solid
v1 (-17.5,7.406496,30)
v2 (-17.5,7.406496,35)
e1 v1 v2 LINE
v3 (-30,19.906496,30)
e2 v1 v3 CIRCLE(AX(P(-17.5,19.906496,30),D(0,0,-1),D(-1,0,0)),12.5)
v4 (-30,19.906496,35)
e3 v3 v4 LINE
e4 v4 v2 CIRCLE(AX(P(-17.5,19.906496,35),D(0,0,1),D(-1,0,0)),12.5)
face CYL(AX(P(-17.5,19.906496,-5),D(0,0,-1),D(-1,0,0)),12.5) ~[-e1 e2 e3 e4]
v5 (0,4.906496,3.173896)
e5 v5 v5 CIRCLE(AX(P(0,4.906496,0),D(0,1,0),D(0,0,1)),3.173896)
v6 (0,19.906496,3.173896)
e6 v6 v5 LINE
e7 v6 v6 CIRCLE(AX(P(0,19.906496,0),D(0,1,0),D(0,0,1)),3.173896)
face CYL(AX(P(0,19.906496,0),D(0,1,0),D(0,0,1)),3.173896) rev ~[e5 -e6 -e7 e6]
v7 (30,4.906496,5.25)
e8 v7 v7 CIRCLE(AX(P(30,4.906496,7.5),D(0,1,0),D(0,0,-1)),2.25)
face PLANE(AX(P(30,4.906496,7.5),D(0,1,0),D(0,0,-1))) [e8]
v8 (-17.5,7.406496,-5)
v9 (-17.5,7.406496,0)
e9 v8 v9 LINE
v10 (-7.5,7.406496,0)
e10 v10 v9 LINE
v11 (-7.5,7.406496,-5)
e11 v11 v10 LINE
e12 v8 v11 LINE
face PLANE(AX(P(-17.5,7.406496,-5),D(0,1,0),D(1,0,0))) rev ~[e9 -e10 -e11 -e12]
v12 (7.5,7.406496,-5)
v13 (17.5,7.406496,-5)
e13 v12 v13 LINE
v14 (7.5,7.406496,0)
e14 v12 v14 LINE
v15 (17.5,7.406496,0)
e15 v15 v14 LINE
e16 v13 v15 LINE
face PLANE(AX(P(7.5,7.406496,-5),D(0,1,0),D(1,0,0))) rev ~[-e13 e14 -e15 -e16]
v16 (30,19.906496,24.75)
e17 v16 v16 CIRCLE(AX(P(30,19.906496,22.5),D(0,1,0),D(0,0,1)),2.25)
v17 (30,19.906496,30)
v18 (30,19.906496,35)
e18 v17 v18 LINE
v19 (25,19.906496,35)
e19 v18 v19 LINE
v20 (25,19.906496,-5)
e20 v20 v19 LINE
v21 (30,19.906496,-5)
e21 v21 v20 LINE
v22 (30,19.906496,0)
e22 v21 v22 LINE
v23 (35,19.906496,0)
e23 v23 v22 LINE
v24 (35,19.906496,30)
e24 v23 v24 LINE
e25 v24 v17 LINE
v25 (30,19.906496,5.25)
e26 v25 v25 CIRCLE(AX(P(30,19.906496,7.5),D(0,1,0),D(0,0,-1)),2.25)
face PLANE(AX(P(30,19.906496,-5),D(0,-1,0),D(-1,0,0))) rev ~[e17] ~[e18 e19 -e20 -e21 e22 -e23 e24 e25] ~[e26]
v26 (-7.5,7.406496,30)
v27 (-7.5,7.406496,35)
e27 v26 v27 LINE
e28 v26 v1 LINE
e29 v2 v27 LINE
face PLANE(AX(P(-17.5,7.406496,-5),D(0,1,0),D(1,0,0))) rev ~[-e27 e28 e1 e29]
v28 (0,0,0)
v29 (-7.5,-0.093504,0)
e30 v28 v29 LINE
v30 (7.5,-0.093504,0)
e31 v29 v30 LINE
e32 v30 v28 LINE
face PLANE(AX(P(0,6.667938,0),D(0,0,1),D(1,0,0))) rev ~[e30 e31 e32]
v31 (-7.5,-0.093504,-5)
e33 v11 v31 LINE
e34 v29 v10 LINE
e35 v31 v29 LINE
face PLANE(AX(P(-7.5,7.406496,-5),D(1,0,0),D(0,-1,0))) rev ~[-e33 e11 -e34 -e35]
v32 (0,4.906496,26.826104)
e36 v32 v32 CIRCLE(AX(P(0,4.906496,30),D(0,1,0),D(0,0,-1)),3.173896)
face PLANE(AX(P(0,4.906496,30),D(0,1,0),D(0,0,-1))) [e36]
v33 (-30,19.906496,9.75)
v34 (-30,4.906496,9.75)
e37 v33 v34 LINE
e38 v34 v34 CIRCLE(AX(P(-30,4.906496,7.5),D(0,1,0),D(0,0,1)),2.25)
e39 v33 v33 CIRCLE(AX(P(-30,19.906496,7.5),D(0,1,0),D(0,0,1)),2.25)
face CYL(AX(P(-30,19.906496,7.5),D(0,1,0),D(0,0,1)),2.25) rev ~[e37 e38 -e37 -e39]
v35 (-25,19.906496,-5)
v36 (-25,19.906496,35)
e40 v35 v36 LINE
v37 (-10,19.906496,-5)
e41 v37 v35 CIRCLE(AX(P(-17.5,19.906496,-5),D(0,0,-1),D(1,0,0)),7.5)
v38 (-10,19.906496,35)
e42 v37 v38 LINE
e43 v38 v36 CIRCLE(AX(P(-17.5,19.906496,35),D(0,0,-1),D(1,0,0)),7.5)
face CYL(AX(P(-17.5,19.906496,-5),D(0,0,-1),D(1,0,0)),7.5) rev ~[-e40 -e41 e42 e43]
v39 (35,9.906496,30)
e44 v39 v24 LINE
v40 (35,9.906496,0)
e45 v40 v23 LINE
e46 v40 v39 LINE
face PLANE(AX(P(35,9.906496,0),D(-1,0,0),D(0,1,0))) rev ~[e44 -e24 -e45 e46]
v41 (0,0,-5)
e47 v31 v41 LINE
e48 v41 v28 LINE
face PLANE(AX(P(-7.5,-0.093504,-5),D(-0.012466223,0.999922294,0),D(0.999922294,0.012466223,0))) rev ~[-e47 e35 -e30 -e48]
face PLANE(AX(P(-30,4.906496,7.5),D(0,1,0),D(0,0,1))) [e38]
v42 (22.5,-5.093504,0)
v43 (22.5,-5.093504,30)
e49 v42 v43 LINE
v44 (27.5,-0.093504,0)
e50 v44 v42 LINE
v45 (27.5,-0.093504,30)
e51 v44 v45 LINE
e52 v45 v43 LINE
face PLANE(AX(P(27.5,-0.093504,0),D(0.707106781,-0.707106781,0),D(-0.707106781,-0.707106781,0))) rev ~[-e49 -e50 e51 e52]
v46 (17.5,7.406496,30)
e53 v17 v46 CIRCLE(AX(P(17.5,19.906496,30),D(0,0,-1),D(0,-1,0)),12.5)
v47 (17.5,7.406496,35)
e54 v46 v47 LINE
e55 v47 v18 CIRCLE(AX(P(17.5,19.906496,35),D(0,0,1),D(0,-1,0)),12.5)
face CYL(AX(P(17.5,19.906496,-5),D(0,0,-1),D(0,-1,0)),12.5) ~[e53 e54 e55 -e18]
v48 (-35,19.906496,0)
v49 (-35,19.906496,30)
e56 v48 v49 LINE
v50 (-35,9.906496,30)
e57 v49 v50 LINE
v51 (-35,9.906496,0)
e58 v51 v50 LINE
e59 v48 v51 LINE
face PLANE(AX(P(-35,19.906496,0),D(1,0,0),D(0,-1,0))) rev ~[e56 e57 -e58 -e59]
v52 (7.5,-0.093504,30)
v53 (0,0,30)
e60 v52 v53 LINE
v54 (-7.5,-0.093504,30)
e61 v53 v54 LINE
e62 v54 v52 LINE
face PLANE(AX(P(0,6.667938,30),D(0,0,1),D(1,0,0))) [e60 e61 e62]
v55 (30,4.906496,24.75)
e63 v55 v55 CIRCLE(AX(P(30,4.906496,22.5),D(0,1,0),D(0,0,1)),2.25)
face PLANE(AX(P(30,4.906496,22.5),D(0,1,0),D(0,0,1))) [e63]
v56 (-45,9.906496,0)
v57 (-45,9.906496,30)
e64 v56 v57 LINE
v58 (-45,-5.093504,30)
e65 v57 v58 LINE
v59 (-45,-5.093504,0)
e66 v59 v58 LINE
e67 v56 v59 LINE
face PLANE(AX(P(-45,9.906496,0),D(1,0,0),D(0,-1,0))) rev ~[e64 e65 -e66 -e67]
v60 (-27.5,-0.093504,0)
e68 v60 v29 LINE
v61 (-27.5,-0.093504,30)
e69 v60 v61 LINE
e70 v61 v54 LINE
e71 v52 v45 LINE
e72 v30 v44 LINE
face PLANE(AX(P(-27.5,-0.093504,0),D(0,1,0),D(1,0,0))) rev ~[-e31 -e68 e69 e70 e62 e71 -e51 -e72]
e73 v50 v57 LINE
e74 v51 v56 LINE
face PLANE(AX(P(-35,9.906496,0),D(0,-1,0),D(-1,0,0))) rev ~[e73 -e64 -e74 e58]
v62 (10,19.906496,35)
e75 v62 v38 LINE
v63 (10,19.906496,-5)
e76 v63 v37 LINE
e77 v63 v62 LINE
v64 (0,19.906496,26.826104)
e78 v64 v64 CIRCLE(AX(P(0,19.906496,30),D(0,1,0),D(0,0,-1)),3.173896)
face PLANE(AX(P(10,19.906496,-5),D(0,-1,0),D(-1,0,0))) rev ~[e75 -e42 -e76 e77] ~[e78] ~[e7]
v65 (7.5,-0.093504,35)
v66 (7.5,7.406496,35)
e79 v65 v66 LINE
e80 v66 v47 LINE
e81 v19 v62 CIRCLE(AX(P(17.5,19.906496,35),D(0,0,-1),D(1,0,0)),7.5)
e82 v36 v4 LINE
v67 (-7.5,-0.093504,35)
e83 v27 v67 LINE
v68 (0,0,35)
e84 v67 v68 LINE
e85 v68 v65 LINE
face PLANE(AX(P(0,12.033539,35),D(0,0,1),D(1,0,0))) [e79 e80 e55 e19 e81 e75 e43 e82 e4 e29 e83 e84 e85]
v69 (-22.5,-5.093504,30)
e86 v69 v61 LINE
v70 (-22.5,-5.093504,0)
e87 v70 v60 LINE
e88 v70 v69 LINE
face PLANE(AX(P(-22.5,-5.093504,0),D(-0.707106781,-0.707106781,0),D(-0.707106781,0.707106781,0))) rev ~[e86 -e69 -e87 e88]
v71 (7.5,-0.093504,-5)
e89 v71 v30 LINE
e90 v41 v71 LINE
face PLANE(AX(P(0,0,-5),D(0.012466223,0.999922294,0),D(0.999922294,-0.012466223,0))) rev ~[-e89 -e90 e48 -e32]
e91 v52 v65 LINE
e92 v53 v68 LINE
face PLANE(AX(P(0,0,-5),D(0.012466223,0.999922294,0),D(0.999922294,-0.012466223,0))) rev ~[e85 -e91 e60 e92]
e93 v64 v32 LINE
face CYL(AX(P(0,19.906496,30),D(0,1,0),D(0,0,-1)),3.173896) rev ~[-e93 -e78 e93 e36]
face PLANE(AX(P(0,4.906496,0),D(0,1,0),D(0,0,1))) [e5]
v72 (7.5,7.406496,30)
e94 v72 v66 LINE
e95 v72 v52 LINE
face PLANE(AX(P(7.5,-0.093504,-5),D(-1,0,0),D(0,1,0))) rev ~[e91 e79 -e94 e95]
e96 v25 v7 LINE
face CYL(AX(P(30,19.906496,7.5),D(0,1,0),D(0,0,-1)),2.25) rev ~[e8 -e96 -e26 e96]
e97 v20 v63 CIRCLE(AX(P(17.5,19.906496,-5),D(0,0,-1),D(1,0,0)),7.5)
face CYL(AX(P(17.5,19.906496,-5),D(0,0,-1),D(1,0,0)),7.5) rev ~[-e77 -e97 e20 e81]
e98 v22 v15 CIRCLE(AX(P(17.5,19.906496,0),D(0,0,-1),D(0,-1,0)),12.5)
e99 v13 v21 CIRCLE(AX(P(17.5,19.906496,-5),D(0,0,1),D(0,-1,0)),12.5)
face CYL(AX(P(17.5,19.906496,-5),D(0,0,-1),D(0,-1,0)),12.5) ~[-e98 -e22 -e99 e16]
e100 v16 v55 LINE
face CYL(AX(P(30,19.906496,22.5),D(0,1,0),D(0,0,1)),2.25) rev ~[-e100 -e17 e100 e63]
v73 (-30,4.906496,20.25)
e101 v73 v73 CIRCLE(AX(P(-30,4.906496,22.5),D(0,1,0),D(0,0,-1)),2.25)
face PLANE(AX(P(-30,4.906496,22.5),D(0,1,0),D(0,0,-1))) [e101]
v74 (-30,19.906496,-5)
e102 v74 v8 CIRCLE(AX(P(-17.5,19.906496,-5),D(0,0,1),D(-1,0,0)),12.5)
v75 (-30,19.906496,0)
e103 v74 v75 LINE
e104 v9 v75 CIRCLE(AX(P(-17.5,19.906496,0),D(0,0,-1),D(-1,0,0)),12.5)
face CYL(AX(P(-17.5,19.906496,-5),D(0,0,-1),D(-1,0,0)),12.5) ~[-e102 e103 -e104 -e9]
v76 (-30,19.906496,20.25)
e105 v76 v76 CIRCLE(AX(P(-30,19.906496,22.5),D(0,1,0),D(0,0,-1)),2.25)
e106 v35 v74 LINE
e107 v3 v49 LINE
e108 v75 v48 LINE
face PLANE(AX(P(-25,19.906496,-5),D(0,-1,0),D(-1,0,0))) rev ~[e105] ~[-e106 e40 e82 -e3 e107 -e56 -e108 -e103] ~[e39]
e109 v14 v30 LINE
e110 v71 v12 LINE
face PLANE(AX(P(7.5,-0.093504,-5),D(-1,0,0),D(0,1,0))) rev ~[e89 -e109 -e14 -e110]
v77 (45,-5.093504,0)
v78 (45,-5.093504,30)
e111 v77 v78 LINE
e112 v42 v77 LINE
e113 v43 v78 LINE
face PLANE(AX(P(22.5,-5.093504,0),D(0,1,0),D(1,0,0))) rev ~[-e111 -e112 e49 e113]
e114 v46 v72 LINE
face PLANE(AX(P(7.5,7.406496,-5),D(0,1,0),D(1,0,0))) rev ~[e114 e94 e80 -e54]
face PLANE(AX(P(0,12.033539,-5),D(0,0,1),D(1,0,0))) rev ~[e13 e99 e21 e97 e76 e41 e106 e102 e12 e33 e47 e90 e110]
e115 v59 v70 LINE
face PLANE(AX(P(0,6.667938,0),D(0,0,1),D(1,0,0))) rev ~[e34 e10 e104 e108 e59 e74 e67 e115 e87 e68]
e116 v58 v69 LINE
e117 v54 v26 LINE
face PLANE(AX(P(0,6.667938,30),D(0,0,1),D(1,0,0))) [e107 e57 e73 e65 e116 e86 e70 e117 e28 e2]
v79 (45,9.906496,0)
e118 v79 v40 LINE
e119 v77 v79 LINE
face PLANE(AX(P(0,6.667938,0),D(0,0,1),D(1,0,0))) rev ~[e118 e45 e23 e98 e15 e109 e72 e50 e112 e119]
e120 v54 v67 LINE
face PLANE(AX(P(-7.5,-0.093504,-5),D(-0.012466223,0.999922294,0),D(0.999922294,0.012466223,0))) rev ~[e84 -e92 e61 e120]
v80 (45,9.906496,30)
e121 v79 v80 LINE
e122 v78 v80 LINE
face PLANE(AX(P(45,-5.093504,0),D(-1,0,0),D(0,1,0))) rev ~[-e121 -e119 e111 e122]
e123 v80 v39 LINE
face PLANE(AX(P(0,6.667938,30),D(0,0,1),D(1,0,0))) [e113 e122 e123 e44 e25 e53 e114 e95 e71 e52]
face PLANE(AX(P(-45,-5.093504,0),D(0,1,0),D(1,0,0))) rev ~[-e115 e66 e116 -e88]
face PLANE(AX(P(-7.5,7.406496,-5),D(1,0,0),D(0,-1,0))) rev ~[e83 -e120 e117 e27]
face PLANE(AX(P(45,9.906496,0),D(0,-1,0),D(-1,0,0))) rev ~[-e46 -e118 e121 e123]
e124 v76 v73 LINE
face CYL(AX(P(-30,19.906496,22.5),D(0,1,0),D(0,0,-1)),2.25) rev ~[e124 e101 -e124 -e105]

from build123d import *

# Parameters (mm, degrees)
BOSS_EXTRUDE1_DEPTH      = 30
BOSS_EXTRUDE2_DEPTH      = 5
BOSS_EXTRUDE2_DEPTH_BACK = 35
SKETCH3_R                = 3.173895943
SKETCH3_R_2              = 2.25
CUT_EXTRUDE1_DEPTH       = 15


with BuildPart() as part:
    # Sketch1 → Boss-Extrude1 (new body)
    with BuildSketch(Plane.XY):
        with BuildLine():
            Line((-45, 9.906496063), (-45, -5.093503937))
            Line((-45, -5.093503937), (-22.5, -5.093503937))
            Line((-22.5, -5.093503937), (-27.5, -0.093503937))
            Line((-27.5, -0.093503937), (27.5, -0.093503937))
            Line((27.5, -0.093503937), (22.5, -5.093503937))
            Line((22.5, -5.093503937), (45, -5.093503937))
            Line((45, -5.093503937), (45, 9.906496063))
            Line((45, 9.906496063), (35, 9.906496063))
            Line((35, 9.906496063), (35, 19.906496063))
            Line((35, 19.906496063), (25, 19.906496063))
            ThreePointArc((25, 19.906496063), (17.5, 12.406496063), (10, 19.906496063))
            Line((10, 19.906496063), (-10, 19.906496063))
            ThreePointArc((-10, 19.906496063), (-17.5, 12.406496063), (-25, 19.906496063))
            Line((-25, 19.906496063), (-35, 19.906496063))
            Line((-35, 19.906496063), (-35, 9.906496063))
            Line((-35, 9.906496063), (-45, 9.906496063))
        make_face()
    extrude(amount=BOSS_EXTRUDE1_DEPTH)

    # Sketch2 → Boss-Extrude2 (add, two sides: drawn at the far end of the back side and taken through both)
    with BuildSketch(Plane.XY.offset(30).offset(-BOSS_EXTRUDE2_DEPTH_BACK)):
        with BuildLine():
            Line((-7.5, -0.093503937), (0, 0))
            Line((0, 0), (7.5, -0.093503937))
            Line((7.5, -0.093503937), (7.5, 7.406496063))
            Line((7.5, 7.406496063), (17.5, 7.406496063))
            ThreePointArc((17.5, 7.406496063), (26.338834765, 11.067661298), (30, 19.906496063))
            Line((30, 19.906496063), (25, 19.906496063))
            ThreePointArc((25, 19.906496063), (17.5, 12.406496063), (10, 19.906496063))
            Line((10, 19.906496063), (-10, 19.906496063))
            ThreePointArc((-10, 19.906496063), (-17.5, 12.406496063), (-25, 19.906496063))
            Line((-25, 19.906496063), (-30, 19.906496063))
            ThreePointArc((-30, 19.906496063), (-26.338834765, 11.067661298), (-17.5, 7.406496063))
            Line((-17.5, 7.406496063), (-7.5, 7.406496063))
            Line((-7.5, 7.406496063), (-7.5, -0.093503937))
        make_face()
    extrude(amount=BOSS_EXTRUDE2_DEPTH + BOSS_EXTRUDE2_DEPTH_BACK)

    # Sketch3 → Cut-Extrude1 (cut)
    with BuildSketch(Plane(origin=(0, 19.906496063, 0), x_dir=(1, 0, 0), z_dir=(0, 1, 0))):
        with Locations(Location((0, 0, 0), (0, 0, 270))):
            Circle(SKETCH3_R)
        with Locations(Location((-30, -7.5, 0), (0, 0, 270))):
            Circle(SKETCH3_R_2)
        with Locations(Location((30, -7.5, 0), (0, 0, 90))):
            Circle(SKETCH3_R_2)
        with Locations(Location((30, -22.5, 0), (0, 0, 270))):
            Circle(SKETCH3_R_2)
        with Locations(Location((0, -30, 0), (0, 0, 90))):
            Circle(SKETCH3_R)
        with Locations(Location((-30, -22.5, 0), (0, 0, 90))):
            Circle(SKETCH3_R_2)
    extrude(amount=-CUT_EXTRUDE1_DEPTH, mode=Mode.SUBTRACT)


solid = part.part
